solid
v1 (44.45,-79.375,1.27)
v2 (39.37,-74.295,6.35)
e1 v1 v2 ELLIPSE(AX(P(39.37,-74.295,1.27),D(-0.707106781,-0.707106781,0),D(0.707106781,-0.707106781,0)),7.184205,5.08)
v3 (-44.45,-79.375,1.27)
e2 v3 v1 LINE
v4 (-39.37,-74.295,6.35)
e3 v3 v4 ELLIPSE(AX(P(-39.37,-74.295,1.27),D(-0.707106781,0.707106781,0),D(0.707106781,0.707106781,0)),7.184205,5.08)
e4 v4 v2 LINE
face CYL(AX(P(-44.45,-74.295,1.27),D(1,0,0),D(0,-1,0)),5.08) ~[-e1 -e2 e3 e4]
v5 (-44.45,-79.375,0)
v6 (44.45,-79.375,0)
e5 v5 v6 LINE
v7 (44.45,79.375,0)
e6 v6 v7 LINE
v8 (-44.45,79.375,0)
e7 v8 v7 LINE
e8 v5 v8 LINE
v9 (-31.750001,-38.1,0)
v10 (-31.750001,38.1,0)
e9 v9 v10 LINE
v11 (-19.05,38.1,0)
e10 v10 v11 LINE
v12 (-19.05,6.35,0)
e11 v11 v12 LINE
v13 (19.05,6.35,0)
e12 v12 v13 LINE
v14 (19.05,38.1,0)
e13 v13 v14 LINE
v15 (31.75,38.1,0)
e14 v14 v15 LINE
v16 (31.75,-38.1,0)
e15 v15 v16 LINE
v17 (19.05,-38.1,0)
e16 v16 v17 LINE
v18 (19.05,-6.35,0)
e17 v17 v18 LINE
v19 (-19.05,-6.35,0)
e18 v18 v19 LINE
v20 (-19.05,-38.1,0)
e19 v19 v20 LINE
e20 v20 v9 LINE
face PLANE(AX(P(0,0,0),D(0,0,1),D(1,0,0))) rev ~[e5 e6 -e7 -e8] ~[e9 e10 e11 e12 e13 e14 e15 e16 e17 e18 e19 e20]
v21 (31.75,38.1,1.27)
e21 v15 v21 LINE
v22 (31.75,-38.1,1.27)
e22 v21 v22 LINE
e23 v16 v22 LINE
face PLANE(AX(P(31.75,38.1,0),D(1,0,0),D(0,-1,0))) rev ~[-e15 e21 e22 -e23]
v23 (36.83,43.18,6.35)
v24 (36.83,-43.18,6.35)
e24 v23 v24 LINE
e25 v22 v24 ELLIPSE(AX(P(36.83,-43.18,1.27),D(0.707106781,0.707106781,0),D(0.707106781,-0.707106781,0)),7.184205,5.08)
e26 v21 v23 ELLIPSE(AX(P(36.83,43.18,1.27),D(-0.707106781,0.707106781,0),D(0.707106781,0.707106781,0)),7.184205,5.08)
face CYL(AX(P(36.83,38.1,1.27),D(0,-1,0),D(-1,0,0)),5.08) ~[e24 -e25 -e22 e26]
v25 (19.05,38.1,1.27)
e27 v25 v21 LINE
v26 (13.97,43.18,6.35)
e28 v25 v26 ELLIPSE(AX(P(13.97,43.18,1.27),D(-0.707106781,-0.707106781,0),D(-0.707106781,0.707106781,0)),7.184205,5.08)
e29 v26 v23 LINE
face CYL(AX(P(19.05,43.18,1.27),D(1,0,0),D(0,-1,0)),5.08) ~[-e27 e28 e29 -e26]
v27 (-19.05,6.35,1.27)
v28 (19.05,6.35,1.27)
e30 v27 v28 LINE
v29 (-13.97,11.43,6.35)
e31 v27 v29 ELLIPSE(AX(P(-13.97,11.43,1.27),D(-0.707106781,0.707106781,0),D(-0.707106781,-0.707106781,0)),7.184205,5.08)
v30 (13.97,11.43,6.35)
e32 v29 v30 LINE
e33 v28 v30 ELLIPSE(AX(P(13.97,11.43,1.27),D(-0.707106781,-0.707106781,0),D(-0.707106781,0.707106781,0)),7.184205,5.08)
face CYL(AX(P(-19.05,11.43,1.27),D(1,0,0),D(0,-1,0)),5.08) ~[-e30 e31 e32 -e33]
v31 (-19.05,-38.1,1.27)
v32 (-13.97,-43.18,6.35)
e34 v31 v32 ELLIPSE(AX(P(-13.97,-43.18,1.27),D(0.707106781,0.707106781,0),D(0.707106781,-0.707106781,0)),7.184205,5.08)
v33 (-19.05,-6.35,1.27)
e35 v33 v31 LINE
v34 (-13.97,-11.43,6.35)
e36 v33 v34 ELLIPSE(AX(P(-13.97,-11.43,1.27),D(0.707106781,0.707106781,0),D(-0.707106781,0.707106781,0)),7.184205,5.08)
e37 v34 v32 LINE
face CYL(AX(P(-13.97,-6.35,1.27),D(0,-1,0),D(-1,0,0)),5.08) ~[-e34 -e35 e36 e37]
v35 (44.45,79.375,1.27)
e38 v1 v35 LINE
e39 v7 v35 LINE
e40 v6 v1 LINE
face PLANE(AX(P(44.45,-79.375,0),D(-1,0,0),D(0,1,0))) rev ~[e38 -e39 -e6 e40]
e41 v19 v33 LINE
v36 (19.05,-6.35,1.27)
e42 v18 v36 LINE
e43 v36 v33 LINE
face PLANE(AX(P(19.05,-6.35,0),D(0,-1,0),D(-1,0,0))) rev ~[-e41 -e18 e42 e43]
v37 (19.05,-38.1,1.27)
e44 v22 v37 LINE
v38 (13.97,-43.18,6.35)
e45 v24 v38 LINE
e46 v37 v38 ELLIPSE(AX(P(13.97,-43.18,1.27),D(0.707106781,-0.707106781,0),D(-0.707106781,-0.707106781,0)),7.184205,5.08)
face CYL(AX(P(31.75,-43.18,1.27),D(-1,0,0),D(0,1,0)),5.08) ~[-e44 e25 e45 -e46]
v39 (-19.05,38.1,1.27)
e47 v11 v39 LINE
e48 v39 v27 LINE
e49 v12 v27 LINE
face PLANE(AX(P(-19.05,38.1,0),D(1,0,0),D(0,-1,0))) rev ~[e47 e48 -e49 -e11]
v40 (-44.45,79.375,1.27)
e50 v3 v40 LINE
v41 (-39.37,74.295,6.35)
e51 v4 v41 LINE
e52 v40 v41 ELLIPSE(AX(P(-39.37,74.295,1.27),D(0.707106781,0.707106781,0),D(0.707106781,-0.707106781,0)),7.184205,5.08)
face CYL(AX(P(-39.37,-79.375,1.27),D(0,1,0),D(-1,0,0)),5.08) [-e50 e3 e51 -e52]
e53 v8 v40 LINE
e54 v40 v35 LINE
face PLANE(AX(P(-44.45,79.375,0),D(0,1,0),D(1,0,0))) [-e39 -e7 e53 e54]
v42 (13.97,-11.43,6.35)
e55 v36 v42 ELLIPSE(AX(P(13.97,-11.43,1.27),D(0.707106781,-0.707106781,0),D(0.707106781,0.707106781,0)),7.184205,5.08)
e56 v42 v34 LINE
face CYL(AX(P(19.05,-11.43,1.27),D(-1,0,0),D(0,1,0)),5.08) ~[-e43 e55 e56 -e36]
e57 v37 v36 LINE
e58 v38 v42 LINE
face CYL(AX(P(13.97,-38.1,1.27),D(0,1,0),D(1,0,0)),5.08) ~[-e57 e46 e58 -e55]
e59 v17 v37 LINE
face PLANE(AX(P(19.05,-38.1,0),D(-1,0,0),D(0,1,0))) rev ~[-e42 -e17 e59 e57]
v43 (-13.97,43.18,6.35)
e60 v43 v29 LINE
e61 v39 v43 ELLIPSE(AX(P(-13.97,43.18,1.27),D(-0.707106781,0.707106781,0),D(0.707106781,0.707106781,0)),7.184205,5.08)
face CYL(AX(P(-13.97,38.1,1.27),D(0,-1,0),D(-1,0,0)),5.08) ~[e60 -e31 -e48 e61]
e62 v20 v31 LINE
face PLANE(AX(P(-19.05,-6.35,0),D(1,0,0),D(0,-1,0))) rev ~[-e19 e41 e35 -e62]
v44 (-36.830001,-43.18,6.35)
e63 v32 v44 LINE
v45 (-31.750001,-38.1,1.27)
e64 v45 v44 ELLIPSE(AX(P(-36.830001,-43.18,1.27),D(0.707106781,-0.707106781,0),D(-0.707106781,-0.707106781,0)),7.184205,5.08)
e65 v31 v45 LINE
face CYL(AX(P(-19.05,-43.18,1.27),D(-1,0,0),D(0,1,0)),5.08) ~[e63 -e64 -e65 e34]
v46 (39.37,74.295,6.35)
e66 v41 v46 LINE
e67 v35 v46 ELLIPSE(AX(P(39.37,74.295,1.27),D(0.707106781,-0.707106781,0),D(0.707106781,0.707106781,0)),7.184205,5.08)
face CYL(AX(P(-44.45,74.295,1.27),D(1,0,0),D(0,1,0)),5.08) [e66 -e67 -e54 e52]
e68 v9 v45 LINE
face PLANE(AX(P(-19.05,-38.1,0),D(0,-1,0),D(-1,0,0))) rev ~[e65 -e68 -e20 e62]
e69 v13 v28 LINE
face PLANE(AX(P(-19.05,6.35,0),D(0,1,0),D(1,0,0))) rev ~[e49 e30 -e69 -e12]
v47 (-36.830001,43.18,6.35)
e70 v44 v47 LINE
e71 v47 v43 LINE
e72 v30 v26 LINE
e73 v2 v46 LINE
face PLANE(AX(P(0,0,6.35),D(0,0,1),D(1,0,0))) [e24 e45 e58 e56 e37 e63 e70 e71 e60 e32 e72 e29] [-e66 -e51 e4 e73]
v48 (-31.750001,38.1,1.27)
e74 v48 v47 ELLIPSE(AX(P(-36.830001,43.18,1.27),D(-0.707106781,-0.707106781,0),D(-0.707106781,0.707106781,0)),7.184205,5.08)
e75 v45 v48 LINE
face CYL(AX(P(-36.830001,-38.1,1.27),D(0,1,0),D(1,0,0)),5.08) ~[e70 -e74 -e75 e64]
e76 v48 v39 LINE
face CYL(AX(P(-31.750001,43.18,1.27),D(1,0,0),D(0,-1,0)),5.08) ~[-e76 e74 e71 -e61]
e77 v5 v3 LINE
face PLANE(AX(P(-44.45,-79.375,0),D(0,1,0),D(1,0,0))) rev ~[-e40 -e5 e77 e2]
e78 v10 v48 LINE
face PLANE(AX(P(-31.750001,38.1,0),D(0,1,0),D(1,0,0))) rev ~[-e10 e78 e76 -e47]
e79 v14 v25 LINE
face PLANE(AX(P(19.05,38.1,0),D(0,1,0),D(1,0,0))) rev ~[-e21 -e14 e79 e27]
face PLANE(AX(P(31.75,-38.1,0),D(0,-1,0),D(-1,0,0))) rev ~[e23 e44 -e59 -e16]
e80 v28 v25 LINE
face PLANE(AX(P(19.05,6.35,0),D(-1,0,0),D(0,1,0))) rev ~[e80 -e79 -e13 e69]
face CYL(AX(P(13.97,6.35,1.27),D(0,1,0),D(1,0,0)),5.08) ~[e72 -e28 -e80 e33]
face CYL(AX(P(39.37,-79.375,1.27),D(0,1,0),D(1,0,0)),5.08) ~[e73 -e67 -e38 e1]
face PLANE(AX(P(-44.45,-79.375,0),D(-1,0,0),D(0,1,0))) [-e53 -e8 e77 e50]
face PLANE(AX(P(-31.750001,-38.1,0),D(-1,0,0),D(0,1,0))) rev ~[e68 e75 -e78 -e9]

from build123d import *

# Parameters (mm, degrees)
F0_W     = 88.9
F0_H     = 158.75
F1_DEPTH = 6.35
F2_R     = 5.08


with BuildPart() as f1:
    # F0 (on Top) → F1 (new body)
    with BuildSketch(Plane.XY):
        Rectangle(F0_W, F0_H)
        Polygon((31.75, -38.1), (25.4, -38.1), (19.05, -38.1), (19.05, -6.35), (-19.05, -6.35), (-19.05, -38.1), (-25.4, -38.1), (-31.750001, -38.1), (-31.750001, 38.1), (-25.4, 38.1), (-19.05, 38.1), (-19.05, 6.35), (19.05, 6.35), (19.05, 38.1), (25.4, 38.1), (31.75, 38.1), align=None, mode=Mode.SUBTRACT)
    extrude(amount=F1_DEPTH)

    # F2
    f2_edges = [f1.edges().sort_by_distance(p)[0] for p in [
        (0, -79.375, 6.35),
        (44.45, 0, 6.35),
        (0, 79.375, 6.35),
        (-44.45, 0, 6.35),
        (19.05, 22.225, 6.35),
        (25.4, 38.1, 6.35),
        (31.75, 0, 6.35),
        (25.4, -38.1, 6.35),
        (19.05, -22.225, 6.35),
        (0, -6.35, 6.35),
        (-19.05, -22.225, 6.35),
        (-25.400001, -38.1, 6.35),
        (-31.750001, 0, 6.35),
        (-25.400001, 38.1, 6.35),
        (-19.05, 22.225, 6.35),
        (0, 6.35, 6.35),
    ]]
    fillet(f2_edges, radius=F2_R)


solid = f1.part
